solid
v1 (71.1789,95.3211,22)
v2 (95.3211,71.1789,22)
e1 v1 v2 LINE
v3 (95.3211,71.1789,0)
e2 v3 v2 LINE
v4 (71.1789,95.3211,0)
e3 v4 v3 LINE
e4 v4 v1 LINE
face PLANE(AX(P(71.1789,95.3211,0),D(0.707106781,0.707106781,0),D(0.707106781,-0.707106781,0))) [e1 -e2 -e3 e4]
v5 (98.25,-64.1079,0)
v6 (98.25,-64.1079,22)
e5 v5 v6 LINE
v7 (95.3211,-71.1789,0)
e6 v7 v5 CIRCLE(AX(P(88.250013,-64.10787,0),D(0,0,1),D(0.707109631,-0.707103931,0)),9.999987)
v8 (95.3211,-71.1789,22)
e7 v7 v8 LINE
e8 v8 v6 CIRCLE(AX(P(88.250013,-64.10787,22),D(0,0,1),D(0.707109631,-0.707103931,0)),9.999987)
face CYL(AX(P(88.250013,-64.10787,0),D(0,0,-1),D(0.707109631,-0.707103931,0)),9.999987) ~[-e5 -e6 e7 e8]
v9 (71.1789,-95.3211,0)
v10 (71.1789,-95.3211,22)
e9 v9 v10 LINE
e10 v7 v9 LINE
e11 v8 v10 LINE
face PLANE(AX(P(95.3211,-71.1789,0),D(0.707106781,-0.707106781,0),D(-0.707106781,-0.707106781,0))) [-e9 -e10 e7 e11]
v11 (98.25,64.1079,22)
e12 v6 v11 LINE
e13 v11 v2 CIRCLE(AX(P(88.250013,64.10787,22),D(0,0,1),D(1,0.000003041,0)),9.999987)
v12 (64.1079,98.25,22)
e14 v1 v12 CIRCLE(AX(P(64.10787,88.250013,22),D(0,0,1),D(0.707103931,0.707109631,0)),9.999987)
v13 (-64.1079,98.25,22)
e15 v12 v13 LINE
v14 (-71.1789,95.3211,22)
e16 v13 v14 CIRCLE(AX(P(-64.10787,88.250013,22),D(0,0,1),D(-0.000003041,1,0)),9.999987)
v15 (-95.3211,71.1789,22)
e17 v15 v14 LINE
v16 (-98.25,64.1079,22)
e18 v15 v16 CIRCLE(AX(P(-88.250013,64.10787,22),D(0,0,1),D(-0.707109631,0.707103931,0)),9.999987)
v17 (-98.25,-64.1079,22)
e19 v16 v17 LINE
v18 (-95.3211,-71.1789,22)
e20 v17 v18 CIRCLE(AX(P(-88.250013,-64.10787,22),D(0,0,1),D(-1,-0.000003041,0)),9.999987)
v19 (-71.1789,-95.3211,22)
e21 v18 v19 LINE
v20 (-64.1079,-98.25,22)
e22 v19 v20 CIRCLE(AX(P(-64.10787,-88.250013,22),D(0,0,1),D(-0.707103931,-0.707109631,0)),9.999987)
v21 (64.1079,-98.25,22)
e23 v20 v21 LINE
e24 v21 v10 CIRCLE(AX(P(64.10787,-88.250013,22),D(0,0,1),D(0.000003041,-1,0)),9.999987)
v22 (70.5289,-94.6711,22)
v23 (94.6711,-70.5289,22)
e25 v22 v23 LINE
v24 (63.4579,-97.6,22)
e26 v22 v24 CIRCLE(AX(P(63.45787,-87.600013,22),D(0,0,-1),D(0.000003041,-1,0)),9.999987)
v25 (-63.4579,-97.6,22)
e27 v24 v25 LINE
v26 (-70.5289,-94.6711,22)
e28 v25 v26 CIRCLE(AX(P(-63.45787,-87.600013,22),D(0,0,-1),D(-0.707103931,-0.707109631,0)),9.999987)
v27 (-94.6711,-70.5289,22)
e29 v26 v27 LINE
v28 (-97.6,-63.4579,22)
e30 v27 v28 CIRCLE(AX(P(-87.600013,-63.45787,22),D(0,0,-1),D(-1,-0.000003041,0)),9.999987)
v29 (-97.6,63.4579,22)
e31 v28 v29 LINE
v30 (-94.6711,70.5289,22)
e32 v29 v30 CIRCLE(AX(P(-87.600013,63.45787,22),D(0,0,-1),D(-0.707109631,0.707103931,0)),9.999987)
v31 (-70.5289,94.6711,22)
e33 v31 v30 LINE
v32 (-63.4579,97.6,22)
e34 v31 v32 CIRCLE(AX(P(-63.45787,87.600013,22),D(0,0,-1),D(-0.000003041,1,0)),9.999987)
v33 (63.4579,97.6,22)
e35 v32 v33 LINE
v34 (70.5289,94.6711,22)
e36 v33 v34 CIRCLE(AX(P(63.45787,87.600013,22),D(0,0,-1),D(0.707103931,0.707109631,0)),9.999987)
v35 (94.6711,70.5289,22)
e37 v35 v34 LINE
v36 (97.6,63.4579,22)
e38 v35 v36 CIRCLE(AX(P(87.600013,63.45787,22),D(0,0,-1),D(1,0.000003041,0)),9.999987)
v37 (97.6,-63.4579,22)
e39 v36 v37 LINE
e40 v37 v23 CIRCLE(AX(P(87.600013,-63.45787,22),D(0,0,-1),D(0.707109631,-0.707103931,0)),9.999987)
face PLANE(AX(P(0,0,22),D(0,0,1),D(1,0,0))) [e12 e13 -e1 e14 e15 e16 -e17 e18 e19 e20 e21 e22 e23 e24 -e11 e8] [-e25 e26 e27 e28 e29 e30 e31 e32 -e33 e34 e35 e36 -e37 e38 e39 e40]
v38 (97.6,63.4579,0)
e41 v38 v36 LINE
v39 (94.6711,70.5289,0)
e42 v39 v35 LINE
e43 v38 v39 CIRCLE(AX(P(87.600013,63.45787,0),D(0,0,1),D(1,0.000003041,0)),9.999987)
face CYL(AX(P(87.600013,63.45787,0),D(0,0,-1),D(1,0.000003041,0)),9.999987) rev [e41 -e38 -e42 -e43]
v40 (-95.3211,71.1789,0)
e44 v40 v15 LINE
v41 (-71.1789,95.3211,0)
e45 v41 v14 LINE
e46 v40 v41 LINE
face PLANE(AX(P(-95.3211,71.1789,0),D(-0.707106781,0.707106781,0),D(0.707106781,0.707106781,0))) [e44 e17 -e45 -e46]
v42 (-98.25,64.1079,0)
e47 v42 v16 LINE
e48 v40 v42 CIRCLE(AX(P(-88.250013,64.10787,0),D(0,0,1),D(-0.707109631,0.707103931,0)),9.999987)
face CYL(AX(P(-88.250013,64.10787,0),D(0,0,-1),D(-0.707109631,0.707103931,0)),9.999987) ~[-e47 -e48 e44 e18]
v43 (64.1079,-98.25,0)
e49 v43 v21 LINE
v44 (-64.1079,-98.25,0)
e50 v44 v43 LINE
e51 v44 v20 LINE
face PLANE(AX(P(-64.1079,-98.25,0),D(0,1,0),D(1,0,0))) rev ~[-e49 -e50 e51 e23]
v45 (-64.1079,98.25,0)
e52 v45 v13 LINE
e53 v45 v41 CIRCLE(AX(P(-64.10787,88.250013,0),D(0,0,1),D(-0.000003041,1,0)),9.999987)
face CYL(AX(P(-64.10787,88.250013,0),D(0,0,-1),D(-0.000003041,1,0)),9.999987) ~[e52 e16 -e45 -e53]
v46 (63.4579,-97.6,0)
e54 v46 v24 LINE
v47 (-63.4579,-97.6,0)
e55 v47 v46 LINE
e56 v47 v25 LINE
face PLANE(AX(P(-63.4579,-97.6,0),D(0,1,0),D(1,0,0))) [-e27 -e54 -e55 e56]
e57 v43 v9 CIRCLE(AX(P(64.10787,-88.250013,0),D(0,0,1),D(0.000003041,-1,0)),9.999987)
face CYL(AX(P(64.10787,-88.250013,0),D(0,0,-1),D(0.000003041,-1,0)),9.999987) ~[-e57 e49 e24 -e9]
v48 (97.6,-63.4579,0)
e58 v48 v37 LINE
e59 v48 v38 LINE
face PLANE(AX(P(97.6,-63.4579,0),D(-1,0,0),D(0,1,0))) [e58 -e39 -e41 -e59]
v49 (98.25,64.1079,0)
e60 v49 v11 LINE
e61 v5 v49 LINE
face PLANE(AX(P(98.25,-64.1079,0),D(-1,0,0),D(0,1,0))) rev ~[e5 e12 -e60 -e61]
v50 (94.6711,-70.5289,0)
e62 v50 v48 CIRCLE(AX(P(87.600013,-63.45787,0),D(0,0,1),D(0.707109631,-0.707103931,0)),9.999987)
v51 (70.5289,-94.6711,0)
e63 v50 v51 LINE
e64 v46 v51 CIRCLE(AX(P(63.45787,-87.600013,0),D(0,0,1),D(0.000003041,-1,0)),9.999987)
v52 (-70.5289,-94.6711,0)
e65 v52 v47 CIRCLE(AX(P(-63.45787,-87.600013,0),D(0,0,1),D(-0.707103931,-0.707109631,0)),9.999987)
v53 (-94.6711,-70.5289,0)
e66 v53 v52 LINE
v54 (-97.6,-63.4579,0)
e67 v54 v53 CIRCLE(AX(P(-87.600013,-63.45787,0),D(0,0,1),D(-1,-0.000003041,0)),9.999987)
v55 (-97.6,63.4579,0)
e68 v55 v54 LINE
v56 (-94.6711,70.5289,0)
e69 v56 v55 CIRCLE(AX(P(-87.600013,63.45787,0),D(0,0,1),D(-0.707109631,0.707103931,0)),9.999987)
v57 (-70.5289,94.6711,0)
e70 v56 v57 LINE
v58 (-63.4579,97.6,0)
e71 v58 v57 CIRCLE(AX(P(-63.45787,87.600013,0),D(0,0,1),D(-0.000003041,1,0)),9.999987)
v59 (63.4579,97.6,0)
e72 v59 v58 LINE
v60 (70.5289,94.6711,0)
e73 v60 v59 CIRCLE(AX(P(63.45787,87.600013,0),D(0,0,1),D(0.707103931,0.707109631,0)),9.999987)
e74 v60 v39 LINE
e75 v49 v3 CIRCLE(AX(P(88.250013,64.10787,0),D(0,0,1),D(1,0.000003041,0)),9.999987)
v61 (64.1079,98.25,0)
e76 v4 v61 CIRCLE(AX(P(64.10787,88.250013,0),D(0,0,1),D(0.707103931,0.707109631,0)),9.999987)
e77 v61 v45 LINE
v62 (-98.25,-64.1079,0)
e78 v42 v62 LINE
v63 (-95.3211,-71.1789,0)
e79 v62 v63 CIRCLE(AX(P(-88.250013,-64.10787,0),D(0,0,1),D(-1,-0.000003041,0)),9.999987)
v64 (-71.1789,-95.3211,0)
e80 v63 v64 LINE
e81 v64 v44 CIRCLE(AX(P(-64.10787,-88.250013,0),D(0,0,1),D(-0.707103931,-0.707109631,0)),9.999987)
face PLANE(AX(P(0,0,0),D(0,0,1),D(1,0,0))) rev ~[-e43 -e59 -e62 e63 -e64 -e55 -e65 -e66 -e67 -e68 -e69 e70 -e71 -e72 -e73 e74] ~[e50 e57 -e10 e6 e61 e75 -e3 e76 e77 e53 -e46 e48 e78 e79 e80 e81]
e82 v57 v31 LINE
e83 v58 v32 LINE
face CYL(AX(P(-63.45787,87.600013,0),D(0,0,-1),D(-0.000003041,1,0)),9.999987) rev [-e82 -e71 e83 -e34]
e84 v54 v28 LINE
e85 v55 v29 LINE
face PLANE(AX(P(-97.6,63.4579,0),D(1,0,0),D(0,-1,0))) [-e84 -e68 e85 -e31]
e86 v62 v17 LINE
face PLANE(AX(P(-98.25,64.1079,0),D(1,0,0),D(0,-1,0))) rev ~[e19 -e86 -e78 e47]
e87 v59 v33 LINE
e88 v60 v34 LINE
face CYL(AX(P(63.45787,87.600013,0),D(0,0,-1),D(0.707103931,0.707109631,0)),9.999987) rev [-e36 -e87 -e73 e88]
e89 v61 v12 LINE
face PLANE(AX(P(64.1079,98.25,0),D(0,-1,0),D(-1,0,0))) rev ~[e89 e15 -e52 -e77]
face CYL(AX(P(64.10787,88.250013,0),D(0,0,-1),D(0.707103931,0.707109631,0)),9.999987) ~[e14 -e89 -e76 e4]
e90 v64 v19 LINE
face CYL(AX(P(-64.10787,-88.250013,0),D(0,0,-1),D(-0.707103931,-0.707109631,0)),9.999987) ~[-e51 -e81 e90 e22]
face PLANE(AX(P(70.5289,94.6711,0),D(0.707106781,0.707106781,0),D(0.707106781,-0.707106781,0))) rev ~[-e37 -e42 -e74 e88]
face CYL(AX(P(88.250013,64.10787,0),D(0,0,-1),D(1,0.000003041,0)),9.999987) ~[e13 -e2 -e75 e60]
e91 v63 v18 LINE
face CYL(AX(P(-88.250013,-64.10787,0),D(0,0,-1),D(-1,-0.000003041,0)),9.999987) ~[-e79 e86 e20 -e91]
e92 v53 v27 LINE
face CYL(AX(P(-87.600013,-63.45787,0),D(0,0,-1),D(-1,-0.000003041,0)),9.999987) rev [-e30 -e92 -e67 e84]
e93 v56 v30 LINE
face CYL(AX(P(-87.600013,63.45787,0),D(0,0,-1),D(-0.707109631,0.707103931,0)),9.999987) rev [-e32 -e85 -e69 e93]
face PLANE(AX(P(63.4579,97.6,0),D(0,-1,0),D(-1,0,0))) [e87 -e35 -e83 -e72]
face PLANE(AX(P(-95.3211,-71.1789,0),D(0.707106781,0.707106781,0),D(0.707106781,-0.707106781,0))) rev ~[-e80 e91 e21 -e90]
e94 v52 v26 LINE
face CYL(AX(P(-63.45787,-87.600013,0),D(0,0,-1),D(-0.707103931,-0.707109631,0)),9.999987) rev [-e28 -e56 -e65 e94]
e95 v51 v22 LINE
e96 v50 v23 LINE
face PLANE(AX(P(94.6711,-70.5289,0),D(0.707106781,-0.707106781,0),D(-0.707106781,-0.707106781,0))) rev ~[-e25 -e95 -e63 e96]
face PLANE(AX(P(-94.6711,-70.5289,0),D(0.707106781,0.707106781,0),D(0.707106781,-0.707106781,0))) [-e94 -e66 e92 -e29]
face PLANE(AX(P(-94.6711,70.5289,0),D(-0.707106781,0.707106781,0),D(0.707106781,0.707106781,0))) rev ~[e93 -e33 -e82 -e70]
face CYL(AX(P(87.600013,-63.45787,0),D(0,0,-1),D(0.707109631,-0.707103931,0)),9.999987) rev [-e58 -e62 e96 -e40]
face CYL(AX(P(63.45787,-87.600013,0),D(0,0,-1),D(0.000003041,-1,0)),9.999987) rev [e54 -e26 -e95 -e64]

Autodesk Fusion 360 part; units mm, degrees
sketch "Sketch1" plane through (0, 0, 0) normal (0, 0, 1) x (1, 0, 0)
  line L0 (64.1079, 98.25) -> (-64.1079, 98.25)
  line L1 (-98.25, 64.1079) -> (-98.25, -64.1079)
  line L2 (-64.1079, -98.25) -> (64.1079, -98.25)
  line L3 (98.25, -64.1079) -> (98.25, 64.1079)
  line L4 (98.25, 98.25) -> (-98.25, -98.25) construction
  line L5 (-98.25, 98.25) -> (98.25, -98.25) construction
  line L6 (-95.3211, 71.1789) -> (-71.1789, 95.3211)
  arc A0 (-64.1079, 98.25) -> (-71.1789, 95.3211) centre (-64.1079, 88.25) ccw
  arc A1 (-95.3211, 71.1789) -> (-98.25, 64.1079) centre (-88.25, 64.1079) ccw
  line L7 (71.1789, 95.3211) -> (95.3211, 71.1789)
  line L8 (-95.3211, -71.1789) -> (-71.1789, -95.3211)
  line L9 (95.3211, -71.1789) -> (71.1789, -95.3211)
  arc A2 (71.1789, 95.3211) -> (64.1079, 98.25) centre (64.1079, 88.25) ccw
  arc A3 (98.25, 64.1079) -> (95.3211, 71.1789) centre (88.25, 64.1079) ccw
  arc A4 (95.3211, -71.1789) -> (98.25, -64.1079) centre (88.25, -64.1079) ccw
  arc A5 (64.1079, -98.25) -> (71.1789, -95.3211) centre (64.1079, -88.25) ccw
  arc A6 (-71.1789, -95.3211) -> (-64.1079, -98.25) centre (-64.1079, -88.25) ccw
  arc A7 (-98.25, -64.1079) -> (-95.3211, -71.1789) centre (-88.25, -64.1079) ccw
  point P0 (-98.25, 68.25)
  point P1 (-68.25, 98.25)
  point P2 (68.25, 98.25)
  point P3 (98.25, 68.25)
  point P4 (-98.25, -68.25)
  point P5 (-68.25, -98.25)
  point P6 (98.25, -68.25)
  point P7 (68.25, -98.25)
  dimension "d1" = 196.5
  dimension "d2" = 196.5
  dimension "d3" = 30
  dimension "d4" = 30
  dimension "d5" = 10
  dimension "d6" = 30
  dimension "d7" = 30
  dimension "d8" = 30
  dimension "d9" = 30
  dimension "d10" = 30
  dimension "d11" = 30
  dimension "d12" = 10
extrude "Extrude11" add sketch "Sketch1" along normal blind 22
sketch "Sketch21" plane through (0, 0, 0) normal (0, 0, 1) x (1, 0, 0)
  arc A0 (63.4579, -97.6) -> (70.5289, -94.6711) centre (63.4579, -87.6) ccw
  line L0 (97.6, -63.4579) -> (97.6, 63.4579)
  line L1 (94.6711, -70.5289) -> (70.5289, -94.6711)
  line L2 (-94.6711, 70.5289) -> (-70.5289, 94.6711)
  line L3 (-63.4579, -97.6) -> (63.4579, -97.6)
  line L4 (-97.6, 97.6) -> (97.6, -97.6) construction
  line L5 (-97.6, 63.4579) -> (-97.6, -63.4579)
  arc A1 (-94.6711, 70.5289) -> (-97.6, 63.4579) centre (-87.6, 63.4579) ccw
  arc A2 (97.6, 63.4579) -> (94.6711, 70.5289) centre (87.6, 63.4579) ccw
  arc A3 (-70.5289, -94.6711) -> (-63.4579, -97.6) centre (-63.4579, -87.6) ccw
  line L6 (70.5289, 94.6711) -> (94.6711, 70.5289)
  line L7 (97.6, 97.6) -> (-97.6, -97.6) construction
  line L8 (-94.6711, -70.5289) -> (-70.5289, -94.6711)
  arc A4 (-63.4579, 97.6) -> (-70.5289, 94.6711) centre (-63.4579, 87.6) ccw
  arc A5 (70.5289, 94.6711) -> (63.4579, 97.6) centre (63.4579, 87.6) ccw
  arc A6 (94.6711, -70.5289) -> (97.6, -63.4579) centre (87.6, -63.4579) ccw
  arc A7 (-97.6, -63.4579) -> (-94.6711, -70.5289) centre (-87.6, -63.4579) ccw
  line L9 (63.4579, 97.6) -> (-63.4579, 97.6)
  point P0 (-67.6, -97.6)
  point P1 (-97.6, -67.6)
  point P2 (67.6, -97.6)
  point P3 (-67.6, 97.6)
  point P4 (-97.6, 67.6)
  point P5 (97.6, 67.6)
  point P6 (97.6, -67.6)
  point P7 (67.6, 97.6)
  dimension "d179" = 195.2
  dimension "d180" = 195.2
  dimension "d181" = 30
  dimension "d182" = 30
  dimension "d183" = 10
  dimension "d184" = 30
  dimension "d185" = 30
  dimension "d186" = 30
  dimension "d187" = 30
  dimension "d188" = 30
  dimension "d189" = 30
  dimension "d190" = 10
extrude "Extrude19" cut sketch "Sketch21" along normal blind 30
equation "d4 = d3"
equation "d7 = d6"
equation "d9 = d8"
equation "d11 = d10"
equation "d182 = d3"
equation "d185 = d6"
equation "d187 = d8"
equation "d189 = d10"
